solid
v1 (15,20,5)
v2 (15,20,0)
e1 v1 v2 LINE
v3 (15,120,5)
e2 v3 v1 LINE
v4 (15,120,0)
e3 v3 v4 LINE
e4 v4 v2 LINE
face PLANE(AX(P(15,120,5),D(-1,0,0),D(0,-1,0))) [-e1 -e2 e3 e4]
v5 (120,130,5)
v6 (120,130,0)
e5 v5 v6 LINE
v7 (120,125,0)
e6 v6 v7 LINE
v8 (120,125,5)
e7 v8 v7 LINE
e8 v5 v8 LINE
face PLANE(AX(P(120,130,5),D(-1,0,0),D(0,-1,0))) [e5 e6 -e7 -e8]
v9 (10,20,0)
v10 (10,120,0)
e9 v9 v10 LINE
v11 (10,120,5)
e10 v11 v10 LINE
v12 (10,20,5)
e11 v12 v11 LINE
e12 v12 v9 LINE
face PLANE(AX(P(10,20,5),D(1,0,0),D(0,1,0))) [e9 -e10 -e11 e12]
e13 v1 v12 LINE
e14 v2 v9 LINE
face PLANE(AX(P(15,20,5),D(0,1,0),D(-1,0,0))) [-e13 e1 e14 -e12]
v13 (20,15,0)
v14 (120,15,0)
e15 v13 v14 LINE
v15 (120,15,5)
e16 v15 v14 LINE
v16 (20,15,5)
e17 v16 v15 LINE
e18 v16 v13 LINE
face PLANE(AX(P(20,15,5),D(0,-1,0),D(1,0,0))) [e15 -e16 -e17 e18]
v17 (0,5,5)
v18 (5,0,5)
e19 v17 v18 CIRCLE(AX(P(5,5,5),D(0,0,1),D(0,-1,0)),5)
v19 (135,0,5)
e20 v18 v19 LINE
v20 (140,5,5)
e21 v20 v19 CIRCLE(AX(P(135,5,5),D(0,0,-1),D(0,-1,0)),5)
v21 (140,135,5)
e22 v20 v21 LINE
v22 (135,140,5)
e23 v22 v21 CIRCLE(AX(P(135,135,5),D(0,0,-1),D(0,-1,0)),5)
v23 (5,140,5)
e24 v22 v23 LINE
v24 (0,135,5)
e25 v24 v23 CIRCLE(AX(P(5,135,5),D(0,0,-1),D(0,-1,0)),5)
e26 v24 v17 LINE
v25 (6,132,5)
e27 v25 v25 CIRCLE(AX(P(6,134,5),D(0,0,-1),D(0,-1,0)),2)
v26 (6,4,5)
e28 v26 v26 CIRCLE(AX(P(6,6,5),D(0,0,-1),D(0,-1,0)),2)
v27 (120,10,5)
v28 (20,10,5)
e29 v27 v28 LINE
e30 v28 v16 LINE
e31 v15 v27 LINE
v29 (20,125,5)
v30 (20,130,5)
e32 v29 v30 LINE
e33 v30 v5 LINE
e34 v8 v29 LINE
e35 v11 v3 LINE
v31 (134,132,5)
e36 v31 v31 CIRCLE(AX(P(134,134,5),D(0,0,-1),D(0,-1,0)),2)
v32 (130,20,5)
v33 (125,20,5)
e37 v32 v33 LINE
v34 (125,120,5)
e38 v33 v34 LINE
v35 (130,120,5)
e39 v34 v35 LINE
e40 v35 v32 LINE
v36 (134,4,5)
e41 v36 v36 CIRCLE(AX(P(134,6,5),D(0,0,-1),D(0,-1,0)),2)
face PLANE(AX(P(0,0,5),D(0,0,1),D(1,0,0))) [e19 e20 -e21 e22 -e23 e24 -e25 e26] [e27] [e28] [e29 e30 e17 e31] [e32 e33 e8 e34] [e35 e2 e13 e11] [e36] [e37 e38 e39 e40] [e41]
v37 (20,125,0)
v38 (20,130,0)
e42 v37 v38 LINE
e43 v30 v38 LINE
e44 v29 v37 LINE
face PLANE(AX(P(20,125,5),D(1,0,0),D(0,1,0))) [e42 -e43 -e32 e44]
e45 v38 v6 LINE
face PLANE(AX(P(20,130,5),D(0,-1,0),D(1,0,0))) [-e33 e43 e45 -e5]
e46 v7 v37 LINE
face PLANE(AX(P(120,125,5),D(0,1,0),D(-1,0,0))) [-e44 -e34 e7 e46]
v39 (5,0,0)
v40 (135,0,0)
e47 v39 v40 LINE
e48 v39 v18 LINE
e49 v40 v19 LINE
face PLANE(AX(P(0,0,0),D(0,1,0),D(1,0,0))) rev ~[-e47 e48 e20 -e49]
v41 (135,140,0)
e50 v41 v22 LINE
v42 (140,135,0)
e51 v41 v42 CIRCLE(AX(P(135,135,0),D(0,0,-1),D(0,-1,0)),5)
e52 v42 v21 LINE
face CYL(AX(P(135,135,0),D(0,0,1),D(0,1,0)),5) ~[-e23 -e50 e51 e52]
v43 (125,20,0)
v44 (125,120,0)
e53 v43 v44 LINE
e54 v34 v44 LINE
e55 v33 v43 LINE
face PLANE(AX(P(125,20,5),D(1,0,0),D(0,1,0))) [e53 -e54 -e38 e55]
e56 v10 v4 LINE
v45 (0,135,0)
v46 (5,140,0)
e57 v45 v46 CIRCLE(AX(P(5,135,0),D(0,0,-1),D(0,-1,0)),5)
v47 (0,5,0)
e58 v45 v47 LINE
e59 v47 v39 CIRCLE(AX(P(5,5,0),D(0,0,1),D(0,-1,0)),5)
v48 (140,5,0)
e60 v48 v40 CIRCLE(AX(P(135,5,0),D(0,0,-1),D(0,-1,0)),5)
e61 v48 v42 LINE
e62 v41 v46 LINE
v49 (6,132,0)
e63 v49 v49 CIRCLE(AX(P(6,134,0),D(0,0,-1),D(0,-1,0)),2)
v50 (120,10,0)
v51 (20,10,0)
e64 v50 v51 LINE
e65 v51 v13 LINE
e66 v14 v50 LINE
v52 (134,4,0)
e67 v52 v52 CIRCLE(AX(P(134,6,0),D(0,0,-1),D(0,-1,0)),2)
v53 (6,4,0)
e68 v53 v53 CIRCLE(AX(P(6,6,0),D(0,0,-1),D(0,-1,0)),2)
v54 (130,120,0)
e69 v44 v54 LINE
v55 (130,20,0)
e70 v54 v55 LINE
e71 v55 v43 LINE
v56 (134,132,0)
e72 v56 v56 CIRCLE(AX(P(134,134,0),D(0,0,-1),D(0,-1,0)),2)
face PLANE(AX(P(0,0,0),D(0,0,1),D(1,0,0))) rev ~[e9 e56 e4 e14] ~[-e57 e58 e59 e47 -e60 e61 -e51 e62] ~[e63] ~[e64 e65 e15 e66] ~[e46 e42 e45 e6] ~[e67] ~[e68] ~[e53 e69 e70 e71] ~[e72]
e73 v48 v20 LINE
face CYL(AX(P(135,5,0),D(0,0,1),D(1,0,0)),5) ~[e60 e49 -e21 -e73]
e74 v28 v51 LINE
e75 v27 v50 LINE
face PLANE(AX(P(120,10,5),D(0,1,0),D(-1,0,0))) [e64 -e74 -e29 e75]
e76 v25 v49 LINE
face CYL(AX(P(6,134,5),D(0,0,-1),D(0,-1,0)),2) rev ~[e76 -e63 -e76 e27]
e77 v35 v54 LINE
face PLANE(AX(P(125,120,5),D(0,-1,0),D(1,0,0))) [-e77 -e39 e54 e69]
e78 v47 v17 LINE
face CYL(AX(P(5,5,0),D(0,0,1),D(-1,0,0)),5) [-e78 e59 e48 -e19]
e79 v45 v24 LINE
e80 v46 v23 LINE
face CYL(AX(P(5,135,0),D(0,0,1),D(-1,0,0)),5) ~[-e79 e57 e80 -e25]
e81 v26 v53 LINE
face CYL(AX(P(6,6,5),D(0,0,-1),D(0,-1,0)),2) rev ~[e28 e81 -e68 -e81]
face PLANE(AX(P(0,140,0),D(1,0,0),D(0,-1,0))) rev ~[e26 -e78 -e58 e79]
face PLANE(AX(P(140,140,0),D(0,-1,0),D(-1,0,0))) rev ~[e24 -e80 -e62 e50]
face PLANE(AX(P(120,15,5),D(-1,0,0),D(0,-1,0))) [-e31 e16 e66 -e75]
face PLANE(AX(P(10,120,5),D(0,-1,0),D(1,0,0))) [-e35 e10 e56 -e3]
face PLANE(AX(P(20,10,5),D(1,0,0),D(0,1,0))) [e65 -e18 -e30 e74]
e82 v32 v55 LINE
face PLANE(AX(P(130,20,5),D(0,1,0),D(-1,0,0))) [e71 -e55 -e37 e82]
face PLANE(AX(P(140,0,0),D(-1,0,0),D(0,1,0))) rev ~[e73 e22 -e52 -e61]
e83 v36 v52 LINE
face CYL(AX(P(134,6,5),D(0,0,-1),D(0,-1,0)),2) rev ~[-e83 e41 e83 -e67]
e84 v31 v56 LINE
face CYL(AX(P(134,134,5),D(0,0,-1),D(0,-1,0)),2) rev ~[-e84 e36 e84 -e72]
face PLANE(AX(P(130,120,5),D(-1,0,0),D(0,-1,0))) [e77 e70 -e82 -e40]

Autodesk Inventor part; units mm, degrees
ref_plane "YZ Plane" through (0, 0, 0) normal (1, 0, 0) x (0, 1, 0)
ref_plane "XZ Plane" through (0, 0, 0) normal (0, 1, 0) x (-1, 0, 0)
ref_plane "XY Plane" through (0, 0, 0) normal (0, 0, 1) x (1, 0, 0)
sketch "Sketch1" plane through (0, 0, 0) normal (0, 0, 1) x (1, 0, 0)
  line L0 (0, 0) -> (140, 0)
  line L1 (140, 0) -> (140, 140)
  line L2 (140, 140) -> (0, 140)
  line L3 (0, 140) -> (0, 0)
  dimension "d0" = 140
  dimension "d1" = 140
extrude "Extrusion1" add sketch "Sketch1" along normal blind 5
fillet "Fillet1" radius 5 4 edges at (140, 140, 2.5) (140, 0, 2.5) (0, 140, 2.5) (0, 0, 2.5)
sketch "Sketch4" plane through (0, 0, 5) normal (0, 0, 1) x (1, 0, 0)
  line L0 (135, 140) -> (5, 140) projected
  line L1 (0, 135) -> (0, 5) projected
  line L2 (140, 5) -> (140, 135) projected
  line L3 (5, 0) -> (135, 0) projected
  point P0 (0, 0)
  point P1 (6, 134)
  point P2 (134, 134)
  point P3 (6, 6)
  point P4 (134, 6)
  dimension "d30" = 6
  dimension "d31" = 6
  dimension "d32" = 6
  dimension "d33" = 6
  dimension "d34" = 6
  dimension "d35" = 6
  dimension "d36" = 6
  dimension "d37" = 6
hole "Hole2" at (134, 134, 5) at (6, 6, 5) at (134, 6, 5) at (6, 134, 5) direction (0, 0, -1) diameter 4 depth 15
sketch "Sketch5" plane through (0, 0, 5) normal (0, 0, 1) x (1, 0, 0)
  line L0 (20, 130) -> (120, 130)
  line L1 (120, 130) -> (120, 125)
  line L2 (120, 125) -> (20, 125)
  line L3 (20, 125) -> (20, 130)
  line L4 (135, 140) -> (5, 140) projected
  line L5 (140, 5) -> (140, 135) projected
  line L6 (20, 15) -> (120, 15)
  line L7 (120, 15) -> (120, 10)
  line L8 (120, 10) -> (20, 10)
  line L9 (20, 10) -> (20, 15)
  line L10 (5, 0) -> (135, 0) projected
  line L11 (10, 120) -> (15, 120)
  line L12 (15, 120) -> (15, 20)
  line L13 (15, 20) -> (10, 20)
  line L14 (10, 20) -> (10, 120)
  line L15 (0, 135) -> (0, 5) projected
  line L16 (125, 120) -> (130, 120)
  line L17 (130, 120) -> (130, 20)
  line L18 (130, 20) -> (125, 20)
  line L19 (125, 20) -> (125, 120)
  point P0 (0, 0)
  dimension "d45" = 10
  dimension "d46" = 5
  dimension "d47" = 20
  dimension "d48" = 100
  dimension "d49" = 100
  dimension "d50" = 5
  dimension "d51" = 20
  dimension "d52" = 10
  dimension "d53" = 5
  dimension "d54" = 100
  dimension "d55" = 20
  dimension "d56" = 10
  dimension "d57" = 5
  dimension "d58" = 100
  dimension "d59" = 10
  dimension "d60" = 20
extrude "Extrusion4" cut sketch "Sketch5" against normal blind 10
properties part number "Led deksel niet hub"
